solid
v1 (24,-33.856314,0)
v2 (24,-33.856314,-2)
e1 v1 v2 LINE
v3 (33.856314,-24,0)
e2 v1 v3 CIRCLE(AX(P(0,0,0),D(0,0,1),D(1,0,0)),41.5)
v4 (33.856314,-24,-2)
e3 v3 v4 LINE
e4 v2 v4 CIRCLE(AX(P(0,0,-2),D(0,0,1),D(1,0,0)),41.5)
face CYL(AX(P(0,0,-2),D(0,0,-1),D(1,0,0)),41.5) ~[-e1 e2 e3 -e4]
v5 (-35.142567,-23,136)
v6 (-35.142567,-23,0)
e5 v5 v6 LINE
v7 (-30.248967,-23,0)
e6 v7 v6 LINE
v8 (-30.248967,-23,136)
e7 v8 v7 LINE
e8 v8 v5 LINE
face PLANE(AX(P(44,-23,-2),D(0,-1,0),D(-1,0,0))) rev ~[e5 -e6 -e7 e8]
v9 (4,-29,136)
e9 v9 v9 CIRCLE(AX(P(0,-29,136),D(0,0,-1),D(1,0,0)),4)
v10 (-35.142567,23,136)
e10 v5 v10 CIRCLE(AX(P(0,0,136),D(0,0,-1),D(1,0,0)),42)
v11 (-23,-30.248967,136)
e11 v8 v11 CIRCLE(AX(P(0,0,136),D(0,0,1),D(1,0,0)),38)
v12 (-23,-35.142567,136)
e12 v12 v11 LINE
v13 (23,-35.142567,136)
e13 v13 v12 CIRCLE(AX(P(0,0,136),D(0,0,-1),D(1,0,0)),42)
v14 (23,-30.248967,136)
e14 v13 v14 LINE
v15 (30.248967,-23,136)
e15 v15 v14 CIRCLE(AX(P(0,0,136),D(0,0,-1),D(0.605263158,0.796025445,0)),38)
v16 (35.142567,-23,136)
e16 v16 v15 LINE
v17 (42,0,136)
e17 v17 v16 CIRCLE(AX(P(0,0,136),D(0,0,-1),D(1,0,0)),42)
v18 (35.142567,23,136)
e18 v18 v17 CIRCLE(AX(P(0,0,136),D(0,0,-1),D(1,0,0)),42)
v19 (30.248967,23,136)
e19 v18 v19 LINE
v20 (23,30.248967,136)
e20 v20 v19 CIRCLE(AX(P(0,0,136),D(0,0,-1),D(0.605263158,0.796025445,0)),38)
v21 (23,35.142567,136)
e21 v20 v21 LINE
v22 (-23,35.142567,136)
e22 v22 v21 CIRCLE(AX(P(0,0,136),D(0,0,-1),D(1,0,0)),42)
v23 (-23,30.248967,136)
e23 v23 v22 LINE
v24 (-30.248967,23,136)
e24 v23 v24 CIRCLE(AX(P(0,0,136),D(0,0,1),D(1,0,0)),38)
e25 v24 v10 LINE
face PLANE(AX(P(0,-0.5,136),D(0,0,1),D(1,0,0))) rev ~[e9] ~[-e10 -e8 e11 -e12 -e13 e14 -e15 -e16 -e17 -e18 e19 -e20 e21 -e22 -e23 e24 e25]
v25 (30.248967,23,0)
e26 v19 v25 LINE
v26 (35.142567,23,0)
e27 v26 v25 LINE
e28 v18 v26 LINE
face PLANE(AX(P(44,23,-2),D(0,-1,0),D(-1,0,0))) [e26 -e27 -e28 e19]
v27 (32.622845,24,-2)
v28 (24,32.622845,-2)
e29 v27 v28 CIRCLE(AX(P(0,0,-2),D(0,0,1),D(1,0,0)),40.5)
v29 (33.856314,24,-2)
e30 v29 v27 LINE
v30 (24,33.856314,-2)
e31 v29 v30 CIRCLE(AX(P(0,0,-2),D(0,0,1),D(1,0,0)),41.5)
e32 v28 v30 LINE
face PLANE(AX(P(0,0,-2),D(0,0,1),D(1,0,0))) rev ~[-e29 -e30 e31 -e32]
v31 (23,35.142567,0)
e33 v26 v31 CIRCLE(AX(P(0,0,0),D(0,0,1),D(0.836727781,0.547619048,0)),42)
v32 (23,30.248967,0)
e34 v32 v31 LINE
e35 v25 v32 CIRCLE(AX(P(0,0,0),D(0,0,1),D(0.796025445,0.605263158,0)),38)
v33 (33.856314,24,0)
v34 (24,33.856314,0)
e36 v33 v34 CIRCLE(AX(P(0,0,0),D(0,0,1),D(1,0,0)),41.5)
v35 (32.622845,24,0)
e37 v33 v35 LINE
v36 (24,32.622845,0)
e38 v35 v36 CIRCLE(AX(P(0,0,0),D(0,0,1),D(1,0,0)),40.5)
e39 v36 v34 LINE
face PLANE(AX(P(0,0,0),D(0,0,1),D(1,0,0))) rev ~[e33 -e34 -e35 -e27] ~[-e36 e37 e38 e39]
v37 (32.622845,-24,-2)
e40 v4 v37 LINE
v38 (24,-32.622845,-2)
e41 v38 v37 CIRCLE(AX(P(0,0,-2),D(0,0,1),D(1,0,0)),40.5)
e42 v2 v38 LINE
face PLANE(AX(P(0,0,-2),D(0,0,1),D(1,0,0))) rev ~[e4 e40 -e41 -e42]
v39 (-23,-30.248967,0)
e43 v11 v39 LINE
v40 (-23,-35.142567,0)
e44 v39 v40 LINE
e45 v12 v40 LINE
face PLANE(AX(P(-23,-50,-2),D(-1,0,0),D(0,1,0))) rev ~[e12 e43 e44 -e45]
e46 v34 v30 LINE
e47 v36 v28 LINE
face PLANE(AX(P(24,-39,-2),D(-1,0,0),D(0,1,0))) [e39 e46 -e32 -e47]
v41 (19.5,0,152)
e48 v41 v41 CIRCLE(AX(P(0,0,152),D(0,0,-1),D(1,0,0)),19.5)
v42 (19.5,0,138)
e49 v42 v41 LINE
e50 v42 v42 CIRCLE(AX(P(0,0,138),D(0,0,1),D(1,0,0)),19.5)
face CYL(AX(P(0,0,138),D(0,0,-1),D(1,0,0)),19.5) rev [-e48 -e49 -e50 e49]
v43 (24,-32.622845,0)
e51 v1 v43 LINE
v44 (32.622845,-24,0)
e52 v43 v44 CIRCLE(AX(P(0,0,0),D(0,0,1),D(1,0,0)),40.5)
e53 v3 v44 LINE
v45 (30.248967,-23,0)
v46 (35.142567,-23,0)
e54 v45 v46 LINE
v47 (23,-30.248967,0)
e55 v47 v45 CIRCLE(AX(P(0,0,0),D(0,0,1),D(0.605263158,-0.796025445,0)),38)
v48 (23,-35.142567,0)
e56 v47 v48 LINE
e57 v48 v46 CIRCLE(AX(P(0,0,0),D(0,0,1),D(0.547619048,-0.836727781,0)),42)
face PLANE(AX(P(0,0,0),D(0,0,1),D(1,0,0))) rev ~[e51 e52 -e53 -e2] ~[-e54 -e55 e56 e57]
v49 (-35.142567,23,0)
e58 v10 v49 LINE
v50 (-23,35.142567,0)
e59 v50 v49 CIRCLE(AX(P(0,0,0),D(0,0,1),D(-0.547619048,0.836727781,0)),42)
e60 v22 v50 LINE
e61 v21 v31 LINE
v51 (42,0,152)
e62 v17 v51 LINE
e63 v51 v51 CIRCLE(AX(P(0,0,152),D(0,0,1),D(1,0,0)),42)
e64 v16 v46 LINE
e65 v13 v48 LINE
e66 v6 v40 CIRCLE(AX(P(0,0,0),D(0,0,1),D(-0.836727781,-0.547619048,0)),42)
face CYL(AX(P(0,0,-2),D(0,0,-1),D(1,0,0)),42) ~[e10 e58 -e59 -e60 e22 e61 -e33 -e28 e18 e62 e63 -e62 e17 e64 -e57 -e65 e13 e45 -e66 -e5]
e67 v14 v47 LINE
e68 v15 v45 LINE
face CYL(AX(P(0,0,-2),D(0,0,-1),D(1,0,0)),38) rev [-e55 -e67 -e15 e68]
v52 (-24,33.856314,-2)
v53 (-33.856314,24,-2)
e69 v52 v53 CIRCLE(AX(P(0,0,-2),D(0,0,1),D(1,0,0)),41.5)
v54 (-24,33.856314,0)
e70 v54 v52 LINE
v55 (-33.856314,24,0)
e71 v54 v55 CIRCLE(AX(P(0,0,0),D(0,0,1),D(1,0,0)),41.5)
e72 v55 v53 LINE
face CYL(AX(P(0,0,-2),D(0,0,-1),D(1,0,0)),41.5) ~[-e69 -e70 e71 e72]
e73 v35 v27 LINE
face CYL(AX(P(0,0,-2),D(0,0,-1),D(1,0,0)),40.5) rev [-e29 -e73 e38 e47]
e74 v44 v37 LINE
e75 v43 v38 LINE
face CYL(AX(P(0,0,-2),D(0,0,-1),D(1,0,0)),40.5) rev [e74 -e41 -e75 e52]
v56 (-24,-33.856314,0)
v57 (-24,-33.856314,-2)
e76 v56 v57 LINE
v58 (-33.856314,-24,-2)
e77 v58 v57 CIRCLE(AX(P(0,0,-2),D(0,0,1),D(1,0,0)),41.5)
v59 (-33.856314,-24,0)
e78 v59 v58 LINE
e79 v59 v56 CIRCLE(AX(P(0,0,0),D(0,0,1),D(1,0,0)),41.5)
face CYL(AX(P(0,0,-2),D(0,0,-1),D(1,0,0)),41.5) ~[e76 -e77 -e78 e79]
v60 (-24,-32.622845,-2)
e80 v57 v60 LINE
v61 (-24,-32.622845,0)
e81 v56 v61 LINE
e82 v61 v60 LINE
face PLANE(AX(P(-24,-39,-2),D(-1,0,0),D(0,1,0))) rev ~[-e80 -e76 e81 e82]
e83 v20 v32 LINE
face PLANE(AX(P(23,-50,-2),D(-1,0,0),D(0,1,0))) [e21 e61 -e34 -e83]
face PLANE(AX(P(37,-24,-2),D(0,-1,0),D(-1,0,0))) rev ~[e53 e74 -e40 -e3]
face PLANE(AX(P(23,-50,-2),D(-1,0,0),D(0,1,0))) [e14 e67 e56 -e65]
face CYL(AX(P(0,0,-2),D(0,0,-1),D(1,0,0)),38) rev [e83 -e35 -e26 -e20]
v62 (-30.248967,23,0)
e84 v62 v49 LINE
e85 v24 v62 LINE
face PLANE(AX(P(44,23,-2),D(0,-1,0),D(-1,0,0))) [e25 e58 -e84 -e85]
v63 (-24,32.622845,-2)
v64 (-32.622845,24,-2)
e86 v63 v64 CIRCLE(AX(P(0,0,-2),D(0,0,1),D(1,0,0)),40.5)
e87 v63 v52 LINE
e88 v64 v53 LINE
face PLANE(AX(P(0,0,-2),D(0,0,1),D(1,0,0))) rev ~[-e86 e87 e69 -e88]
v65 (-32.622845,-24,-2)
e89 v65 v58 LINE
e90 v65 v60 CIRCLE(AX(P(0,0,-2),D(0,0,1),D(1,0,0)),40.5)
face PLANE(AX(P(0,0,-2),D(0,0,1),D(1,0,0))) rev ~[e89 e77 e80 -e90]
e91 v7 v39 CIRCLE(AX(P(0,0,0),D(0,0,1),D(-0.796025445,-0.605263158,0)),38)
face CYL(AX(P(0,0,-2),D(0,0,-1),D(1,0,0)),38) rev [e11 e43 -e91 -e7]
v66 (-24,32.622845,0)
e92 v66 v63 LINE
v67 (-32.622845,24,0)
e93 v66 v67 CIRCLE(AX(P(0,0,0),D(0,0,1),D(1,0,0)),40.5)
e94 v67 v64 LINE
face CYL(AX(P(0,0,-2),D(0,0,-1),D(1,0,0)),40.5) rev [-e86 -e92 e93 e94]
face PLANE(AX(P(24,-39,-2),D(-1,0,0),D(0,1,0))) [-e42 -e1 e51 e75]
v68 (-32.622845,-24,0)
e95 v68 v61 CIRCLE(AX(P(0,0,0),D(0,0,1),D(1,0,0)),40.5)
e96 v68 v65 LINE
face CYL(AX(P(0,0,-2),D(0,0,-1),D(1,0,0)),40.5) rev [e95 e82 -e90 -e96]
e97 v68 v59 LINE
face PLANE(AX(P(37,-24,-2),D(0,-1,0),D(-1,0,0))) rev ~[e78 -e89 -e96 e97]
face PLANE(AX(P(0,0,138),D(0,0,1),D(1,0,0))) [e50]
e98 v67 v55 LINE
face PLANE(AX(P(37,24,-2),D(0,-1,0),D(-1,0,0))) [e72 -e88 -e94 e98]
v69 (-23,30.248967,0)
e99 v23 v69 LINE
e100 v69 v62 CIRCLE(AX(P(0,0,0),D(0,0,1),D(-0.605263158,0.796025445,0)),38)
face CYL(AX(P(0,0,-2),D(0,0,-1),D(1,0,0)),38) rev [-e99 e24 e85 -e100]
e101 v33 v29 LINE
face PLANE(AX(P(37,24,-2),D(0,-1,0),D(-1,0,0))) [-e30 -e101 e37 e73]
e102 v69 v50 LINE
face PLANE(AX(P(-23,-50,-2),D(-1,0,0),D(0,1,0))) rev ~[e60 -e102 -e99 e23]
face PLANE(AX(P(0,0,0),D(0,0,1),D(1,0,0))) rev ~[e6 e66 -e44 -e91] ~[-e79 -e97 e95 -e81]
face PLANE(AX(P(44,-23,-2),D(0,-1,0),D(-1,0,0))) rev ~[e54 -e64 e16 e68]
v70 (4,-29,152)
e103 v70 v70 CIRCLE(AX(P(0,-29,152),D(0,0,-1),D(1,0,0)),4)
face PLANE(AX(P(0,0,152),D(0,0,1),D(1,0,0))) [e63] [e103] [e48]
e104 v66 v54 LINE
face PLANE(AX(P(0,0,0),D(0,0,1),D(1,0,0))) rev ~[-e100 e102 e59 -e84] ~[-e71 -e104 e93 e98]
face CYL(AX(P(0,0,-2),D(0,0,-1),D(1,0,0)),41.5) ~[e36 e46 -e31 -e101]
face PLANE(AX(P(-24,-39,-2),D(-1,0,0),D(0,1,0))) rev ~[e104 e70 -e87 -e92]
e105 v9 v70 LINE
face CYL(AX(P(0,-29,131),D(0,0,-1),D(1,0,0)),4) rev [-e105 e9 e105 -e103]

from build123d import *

# Parameters (mm, degrees)
BOX003_W          = 48
BOX003_H          = 78
BOX003_DEPTH      = 2
BOX002_W          = 48
BOX002_H          = 78
BOX002_DEPTH      = 2
CYLINDER006_R     = 41.5
CYLINDER006_DEPTH = 2
CYLINDER005_R     = 42
CYLINDER005_DEPTH = 2
CYLINDER004_R     = 40.5
CYLINDER004_DEPTH = 2
CYLINDER003_R     = 4
CYLINDER003_DEPTH = 26
BOX001_W          = 46
BOX001_H          = 99
BOX001_DEPTH      = 138
BOX_W             = 46
BOX_H             = 99
BOX_DEPTH         = 138
CYLINDER002_R     = 38
CYLINDER002_DEPTH = 138
CYLINDER001_R     = 19.5
CYLINDER001_DEPTH = 15
CYLINDER_R        = 42
CYLINDER_DEPTH    = 154


with BuildPart() as cubo003:
    # Box003 → Box003 (new body)
    with BuildSketch(Plane(origin=(37, -24, -2), x_dir=(0, 1, 0), z_dir=(0, 0, 1))):
        with Locations((24, 39)):
            Rectangle(BOX003_W, BOX003_H)
    extrude(amount=BOX003_DEPTH)


with BuildPart() as cubo002:
    # Box002 → Box002 (new body)
    with BuildSketch(Plane(origin=(-24, -39, -2), x_dir=(1, 0, 0), z_dir=(0, 0, 1))):
        with Locations((24, 39)):
            Rectangle(BOX002_W, BOX002_H)
    extrude(amount=BOX002_DEPTH)


with BuildPart() as base002:
    # Cylinder006 → Cylinder006 (new body)
    with BuildSketch(Plane.XY.offset(-2)):
        Circle(CYLINDER006_R)
    extrude(amount=CYLINDER006_DEPTH)


with BuildPart() as cut006:
    # Cylinder005 → Cylinder005 (new body)
    with BuildSketch(Plane.XY.offset(-2)):
        Circle(CYLINDER005_R)
    extrude(amount=CYLINDER005_DEPTH)

    # Cut006: cut Base002
    add(base002.part, mode=Mode.SUBTRACT)


with BuildPart() as agujero_inferior001:
    # Cylinder004 → Cylinder004 (new body)
    with BuildSketch(Plane.XY.offset(-2)):
        Circle(CYLINDER004_R)
    extrude(amount=CYLINDER004_DEPTH)


with BuildPart() as agujero_cables:
    # Cylinder003 → Cylinder003 (new body)
    with BuildSketch(Plane(origin=(0, -29, 131), x_dir=(1, 0, 0), z_dir=(0, 0, 1))):
        Circle(CYLINDER003_R)
    extrude(amount=CYLINDER003_DEPTH)


with BuildPart() as cubo001:
    # Box001 → Box001 (new body)
    with BuildSketch(Plane(origin=(44, -23, -2), x_dir=(0, 1, 0), z_dir=(0, 0, 1))):
        with Locations((23, 49.5)):
            Rectangle(BOX001_W, BOX001_H)
    extrude(amount=BOX001_DEPTH)


with BuildPart() as cubo:
    # Box → Box (new body)
    with BuildSketch(Plane(origin=(-23, -50, -2), x_dir=(1, 0, 0), z_dir=(0, 0, 1))):
        with Locations((23, 49.5)):
            Rectangle(BOX_W, BOX_H)
    extrude(amount=BOX_DEPTH)


with BuildPart() as agujero_inferior:
    # Cylinder002 → Cylinder002 (new body)
    with BuildSketch(Plane.XY.offset(-2)):
        Circle(CYLINDER002_R)
    extrude(amount=CYLINDER002_DEPTH)


with BuildPart() as agujero_superior:
    # Cylinder001 → Cylinder001 (new body)
    with BuildSketch(Plane.XY.offset(138)):
        Circle(CYLINDER001_R)
    extrude(amount=CYLINDER001_DEPTH)


with BuildPart() as cut009:
    # Cylinder → Cylinder (new body)
    with BuildSketch(Plane.XY.offset(-2)):
        Circle(CYLINDER_R)
    extrude(amount=CYLINDER_DEPTH)

    # Cut: cut Agujero superior
    add(agujero_superior.part, mode=Mode.SUBTRACT)

    # Cut001: cut Agujero inferior
    add(agujero_inferior.part, mode=Mode.SUBTRACT)

    # Cut002: cut Cubo
    add(cubo.part, mode=Mode.SUBTRACT)

    # Cut003: cut Cubo001
    add(cubo001.part, mode=Mode.SUBTRACT)

    # Cut004: cut Agujero cables
    add(agujero_cables.part, mode=Mode.SUBTRACT)

    # Cut005: cut Agujero inferior001
    add(agujero_inferior001.part, mode=Mode.SUBTRACT)

    # Cut007: cut Cut006
    add(cut006.part, mode=Mode.SUBTRACT)

    # Cut008: cut Cubo002
    add(cubo002.part, mode=Mode.SUBTRACT)

    # Cut009: cut Cubo003
    add(cubo003.part, mode=Mode.SUBTRACT)


solid = cut009.part
